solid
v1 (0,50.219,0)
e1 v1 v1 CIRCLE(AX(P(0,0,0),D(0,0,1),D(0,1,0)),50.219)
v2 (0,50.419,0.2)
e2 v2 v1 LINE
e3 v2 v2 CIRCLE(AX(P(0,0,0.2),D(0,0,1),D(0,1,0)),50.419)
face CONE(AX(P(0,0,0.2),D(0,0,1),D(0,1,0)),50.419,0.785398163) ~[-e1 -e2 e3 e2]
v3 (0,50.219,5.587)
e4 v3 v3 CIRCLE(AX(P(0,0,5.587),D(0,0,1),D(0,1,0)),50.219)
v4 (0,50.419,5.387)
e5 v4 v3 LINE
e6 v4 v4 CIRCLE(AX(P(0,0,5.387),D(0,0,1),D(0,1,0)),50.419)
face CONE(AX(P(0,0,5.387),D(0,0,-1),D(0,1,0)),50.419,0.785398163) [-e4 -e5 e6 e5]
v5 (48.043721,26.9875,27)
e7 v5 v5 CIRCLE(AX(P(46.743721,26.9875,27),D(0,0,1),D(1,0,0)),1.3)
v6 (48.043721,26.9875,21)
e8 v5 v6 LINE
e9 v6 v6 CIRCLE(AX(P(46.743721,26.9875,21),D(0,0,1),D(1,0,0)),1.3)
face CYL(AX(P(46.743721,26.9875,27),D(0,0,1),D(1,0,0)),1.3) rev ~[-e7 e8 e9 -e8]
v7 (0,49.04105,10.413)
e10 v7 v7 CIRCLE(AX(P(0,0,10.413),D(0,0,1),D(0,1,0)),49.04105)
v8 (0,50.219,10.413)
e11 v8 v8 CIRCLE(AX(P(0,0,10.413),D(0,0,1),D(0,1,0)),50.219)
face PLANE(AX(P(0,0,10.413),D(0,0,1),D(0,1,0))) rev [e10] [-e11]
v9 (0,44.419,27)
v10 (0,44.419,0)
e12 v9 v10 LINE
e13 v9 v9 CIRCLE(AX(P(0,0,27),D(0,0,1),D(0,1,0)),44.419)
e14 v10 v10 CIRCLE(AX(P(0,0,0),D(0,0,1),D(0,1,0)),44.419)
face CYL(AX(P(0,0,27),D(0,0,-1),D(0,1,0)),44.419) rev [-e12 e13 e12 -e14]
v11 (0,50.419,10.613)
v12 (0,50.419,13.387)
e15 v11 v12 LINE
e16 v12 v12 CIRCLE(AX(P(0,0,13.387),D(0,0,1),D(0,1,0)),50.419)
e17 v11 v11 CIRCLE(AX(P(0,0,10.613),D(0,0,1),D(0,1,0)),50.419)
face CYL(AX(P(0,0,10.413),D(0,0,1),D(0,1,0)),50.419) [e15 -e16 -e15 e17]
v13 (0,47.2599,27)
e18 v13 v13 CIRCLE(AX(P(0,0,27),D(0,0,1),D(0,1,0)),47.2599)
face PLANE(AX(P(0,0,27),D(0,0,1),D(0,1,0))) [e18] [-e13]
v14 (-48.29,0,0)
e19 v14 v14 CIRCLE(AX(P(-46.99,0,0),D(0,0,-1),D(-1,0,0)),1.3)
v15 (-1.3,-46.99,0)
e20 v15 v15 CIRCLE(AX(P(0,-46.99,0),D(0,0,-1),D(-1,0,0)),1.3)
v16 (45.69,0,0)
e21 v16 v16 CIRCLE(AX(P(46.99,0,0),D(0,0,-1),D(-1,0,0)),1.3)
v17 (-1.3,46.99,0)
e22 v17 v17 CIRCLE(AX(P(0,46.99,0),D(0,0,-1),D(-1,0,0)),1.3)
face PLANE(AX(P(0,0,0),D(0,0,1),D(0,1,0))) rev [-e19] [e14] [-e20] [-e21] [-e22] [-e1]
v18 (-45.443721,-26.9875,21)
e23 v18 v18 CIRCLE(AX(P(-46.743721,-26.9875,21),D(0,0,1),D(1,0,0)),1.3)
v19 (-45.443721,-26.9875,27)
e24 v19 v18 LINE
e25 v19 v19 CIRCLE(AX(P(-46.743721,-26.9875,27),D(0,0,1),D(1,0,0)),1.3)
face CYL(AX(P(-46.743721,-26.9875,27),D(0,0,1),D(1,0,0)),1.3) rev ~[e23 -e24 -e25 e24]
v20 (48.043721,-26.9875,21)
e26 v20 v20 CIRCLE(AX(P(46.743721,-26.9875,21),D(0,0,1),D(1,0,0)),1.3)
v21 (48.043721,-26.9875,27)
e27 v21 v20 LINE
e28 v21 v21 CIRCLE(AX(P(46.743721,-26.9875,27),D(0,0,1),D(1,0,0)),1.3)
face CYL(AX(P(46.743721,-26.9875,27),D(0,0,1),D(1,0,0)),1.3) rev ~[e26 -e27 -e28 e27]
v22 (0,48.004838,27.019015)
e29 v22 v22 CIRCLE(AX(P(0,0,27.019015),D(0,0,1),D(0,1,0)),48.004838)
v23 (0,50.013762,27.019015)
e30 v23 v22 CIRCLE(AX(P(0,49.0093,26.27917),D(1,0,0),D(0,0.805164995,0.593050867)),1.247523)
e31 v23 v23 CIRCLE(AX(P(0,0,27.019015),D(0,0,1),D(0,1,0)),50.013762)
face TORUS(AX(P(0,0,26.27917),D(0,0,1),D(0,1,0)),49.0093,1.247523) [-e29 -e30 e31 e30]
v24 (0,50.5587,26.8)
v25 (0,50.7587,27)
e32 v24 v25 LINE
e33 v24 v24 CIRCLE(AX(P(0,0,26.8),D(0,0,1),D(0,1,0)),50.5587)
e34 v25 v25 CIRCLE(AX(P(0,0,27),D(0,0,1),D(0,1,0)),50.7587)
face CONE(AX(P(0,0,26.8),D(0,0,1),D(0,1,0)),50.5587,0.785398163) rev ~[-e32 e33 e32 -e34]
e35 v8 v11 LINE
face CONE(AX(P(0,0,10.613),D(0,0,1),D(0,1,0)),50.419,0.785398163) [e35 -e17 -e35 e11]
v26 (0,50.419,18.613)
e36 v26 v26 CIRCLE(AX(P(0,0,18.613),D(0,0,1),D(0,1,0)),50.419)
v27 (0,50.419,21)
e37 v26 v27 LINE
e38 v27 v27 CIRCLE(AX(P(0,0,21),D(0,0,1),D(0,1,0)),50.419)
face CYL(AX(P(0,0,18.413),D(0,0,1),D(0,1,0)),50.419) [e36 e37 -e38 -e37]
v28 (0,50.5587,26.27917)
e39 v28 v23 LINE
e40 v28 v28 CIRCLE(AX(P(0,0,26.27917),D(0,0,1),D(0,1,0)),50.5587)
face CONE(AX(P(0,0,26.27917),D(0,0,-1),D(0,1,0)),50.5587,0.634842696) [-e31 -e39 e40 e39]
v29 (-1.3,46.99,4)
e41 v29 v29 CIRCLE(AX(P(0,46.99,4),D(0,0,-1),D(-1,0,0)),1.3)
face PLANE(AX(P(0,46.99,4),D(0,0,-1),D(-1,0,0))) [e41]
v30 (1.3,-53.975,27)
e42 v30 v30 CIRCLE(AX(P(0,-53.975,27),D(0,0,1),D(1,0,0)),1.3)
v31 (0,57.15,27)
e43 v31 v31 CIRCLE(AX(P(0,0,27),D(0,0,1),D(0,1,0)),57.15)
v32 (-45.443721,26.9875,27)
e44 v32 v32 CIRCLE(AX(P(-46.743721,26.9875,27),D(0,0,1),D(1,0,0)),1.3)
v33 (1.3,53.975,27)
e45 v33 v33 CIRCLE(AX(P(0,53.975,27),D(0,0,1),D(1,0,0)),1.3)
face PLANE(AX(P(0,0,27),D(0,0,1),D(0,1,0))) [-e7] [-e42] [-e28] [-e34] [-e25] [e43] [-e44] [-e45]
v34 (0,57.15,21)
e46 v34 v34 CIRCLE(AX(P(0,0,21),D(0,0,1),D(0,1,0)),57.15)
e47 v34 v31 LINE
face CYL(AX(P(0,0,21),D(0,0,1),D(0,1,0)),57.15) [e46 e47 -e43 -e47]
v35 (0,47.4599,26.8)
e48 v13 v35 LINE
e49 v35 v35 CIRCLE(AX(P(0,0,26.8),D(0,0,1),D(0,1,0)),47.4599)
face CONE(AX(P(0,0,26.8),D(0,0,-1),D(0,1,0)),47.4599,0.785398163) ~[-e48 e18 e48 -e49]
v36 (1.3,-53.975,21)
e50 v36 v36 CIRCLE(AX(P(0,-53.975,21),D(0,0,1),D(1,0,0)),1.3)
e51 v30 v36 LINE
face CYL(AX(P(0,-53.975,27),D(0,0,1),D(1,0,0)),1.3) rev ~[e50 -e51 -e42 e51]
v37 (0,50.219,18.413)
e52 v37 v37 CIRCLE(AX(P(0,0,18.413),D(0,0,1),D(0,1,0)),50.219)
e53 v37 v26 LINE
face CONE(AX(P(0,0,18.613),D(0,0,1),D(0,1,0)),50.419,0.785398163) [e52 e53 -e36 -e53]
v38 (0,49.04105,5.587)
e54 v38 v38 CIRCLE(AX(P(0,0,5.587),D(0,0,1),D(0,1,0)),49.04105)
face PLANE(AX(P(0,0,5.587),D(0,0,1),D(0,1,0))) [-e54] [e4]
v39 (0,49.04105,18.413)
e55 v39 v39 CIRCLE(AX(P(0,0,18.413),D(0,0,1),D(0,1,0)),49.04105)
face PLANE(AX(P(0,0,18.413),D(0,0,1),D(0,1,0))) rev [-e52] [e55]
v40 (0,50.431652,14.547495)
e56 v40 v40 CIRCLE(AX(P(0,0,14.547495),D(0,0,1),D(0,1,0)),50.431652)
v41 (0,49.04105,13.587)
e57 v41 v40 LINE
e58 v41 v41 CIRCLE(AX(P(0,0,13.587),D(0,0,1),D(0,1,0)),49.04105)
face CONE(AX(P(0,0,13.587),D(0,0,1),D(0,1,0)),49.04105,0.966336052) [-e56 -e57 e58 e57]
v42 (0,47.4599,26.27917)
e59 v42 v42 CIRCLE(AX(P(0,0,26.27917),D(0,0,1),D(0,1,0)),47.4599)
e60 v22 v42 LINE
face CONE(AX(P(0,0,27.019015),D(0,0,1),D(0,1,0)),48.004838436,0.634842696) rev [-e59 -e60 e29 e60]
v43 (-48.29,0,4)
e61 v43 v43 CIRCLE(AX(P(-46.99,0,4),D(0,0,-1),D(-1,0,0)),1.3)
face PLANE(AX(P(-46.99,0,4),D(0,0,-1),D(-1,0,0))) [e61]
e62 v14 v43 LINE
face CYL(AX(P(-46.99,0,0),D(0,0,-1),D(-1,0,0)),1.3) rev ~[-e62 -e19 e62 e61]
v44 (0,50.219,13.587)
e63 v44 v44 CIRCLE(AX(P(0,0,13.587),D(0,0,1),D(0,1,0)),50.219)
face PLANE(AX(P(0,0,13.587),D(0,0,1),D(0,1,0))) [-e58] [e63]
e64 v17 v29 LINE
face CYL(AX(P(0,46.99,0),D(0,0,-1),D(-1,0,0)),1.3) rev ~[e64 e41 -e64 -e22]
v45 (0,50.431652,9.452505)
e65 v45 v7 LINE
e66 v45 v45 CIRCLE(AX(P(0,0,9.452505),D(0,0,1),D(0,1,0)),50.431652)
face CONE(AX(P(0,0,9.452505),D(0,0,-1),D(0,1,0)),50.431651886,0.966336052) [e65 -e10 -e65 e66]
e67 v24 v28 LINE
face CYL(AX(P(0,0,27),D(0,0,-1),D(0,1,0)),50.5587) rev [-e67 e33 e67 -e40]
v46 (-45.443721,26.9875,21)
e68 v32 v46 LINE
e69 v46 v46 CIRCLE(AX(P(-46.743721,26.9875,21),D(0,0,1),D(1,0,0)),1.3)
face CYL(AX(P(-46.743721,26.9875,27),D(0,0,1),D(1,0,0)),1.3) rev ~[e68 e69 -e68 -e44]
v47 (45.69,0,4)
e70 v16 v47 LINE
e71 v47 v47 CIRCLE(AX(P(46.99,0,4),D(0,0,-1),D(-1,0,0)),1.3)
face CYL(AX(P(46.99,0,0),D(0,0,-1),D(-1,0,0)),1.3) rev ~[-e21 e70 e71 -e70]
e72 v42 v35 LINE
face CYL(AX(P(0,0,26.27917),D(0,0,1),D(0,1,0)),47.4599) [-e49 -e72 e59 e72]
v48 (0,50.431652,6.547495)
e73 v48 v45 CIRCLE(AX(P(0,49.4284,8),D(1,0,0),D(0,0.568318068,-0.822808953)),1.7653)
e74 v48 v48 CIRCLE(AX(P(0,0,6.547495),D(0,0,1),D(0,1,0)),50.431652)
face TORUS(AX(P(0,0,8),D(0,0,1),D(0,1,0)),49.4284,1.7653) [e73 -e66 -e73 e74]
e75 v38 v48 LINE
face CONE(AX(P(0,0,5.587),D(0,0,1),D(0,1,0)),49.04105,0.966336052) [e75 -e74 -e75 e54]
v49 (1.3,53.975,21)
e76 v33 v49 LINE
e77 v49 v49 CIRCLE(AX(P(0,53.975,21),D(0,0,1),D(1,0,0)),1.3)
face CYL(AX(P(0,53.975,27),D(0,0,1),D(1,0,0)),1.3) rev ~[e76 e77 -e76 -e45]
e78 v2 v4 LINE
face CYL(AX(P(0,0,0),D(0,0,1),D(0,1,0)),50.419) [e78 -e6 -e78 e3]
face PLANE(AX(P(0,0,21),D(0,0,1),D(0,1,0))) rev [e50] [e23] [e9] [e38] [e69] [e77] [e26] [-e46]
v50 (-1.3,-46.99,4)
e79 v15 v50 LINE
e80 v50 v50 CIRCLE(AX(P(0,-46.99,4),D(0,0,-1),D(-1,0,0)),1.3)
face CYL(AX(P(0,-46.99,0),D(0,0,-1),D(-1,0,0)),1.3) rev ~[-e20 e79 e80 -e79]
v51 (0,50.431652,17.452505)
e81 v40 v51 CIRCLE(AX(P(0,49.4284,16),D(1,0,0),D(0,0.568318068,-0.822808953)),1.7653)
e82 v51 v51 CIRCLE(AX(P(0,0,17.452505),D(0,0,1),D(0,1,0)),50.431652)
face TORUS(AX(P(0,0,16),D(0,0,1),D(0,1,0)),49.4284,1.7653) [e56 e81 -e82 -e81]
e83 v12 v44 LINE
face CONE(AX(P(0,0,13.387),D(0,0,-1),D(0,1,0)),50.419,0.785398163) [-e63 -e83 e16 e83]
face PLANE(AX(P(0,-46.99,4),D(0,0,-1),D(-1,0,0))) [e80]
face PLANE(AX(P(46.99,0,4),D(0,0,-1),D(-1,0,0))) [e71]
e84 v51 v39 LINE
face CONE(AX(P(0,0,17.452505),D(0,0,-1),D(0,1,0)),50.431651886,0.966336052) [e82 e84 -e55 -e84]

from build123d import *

# Parameters (mm, degrees)
SKETCH2_R          = 1.3
CUT_EXTRUDE1_DEPTH = 6
CHAMFER1_SIZE      = 0.2
SKETCH3_R          = 1.3
CUT_EXTRUDE2_DEPTH = 4


with BuildPart() as part:
    # Sketch1 → Revolve1 (revolve)
    with BuildSketch(Plane(origin=(0, 0, 0), x_dir=(0, 0, -1), z_dir=(1, 0, 0))):
        with BuildLine():
            Line((0, 50.419), (-5.587, 50.419))
            Line((-5.587, 50.419), (-5.587, 49.04105))
            Line((-5.587, 49.04105), (-6.547495355, 50.431651886))
            ThreePointArc((-6.547495355, 50.431651886), (-8, 51.1937), (-9.452504645, 50.431651886))
            Line((-9.452504645, 50.431651886), (-10.413, 49.04105))
            Line((-10.413, 49.04105), (-10.413, 50.419))
            Line((-10.413, 50.419), (-13.587, 50.419))
            Line((-13.587, 50.419), (-13.587, 49.04105))
            Line((-13.587, 49.04105), (-14.547495355, 50.431651886))
            ThreePointArc((-14.547495355, 50.431651886), (-16, 51.1937), (-17.452504645, 50.431651886))
            Line((-17.452504645, 50.431651886), (-18.413, 49.04105))
            Line((-18.413, 49.04105), (-18.413, 50.419))
            Line((-18.413, 50.419), (-21, 50.419))
            Line((-21, 50.419), (-21, 57.15))
            Line((-21, 57.15), (-27, 57.15))
            Line((-27, 57.15), (-27, 50.5587))
            Line((-27, 50.5587), (-26.279170235, 50.5587))
            Line((-26.279170235, 50.5587), (-27.01901462, 50.013761564))
            ThreePointArc((-27.01901462, 50.013761564), (-27.526692879, 49.0093), (-27.01901462, 48.004838436))
            Line((-27.01901462, 48.004838436), (-26.279170235, 47.4599))
            Line((-26.279170235, 47.4599), (-27, 47.4599))
            Line((-27, 47.4599), (-27, 44.419))
            Line((-27, 44.419), (0, 44.419))
            Line((0, 44.419), (0, 50.419))
        make_face()
    revolve(axis=Axis((0, 0, 0), (0, 0, 1)))

    # Sketch2 → Cut-Extrude1 (cut)
    with BuildSketch(Plane.XY.offset(27)):
        with Locations((0, 53.975)):
            Circle(SKETCH2_R)
        with Locations((46.743721169, 26.9875)):
            Circle(SKETCH2_R)
        with Locations((46.743721169, -26.9875)):
            Circle(SKETCH2_R)
        with Locations((0, -53.975)):
            Circle(SKETCH2_R)
        with Locations((-46.743721169, -26.9875)):
            Circle(SKETCH2_R)
        with Locations((-46.743721169, 26.9875)):
            Circle(SKETCH2_R)
    extrude(amount=-CUT_EXTRUDE1_DEPTH, mode=Mode.SUBTRACT)

    # Chamfer1
    chamfer1_edges = [part.edges().sort_by_distance(p)[0] for p in [
        (0, -47.4599, 27),
        (0, -50.5587, 27),
        (0, -50.419, 18.413),
        (0, -50.419, 13.587),
        (0, -50.419, 10.413),
        (0, -50.419, 5.587),
        (0, -50.419, 0),
    ]]
    chamfer(chamfer1_edges, length=CHAMFER1_SIZE)

    # Sketch3 → Cut-Extrude2 (cut)
    with BuildSketch(Plane(origin=(0, 0, 0), x_dir=(-1, 0, 0), z_dir=(0, 0, -1))):
        with Locations((-46.99, 0)):
            Circle(SKETCH3_R)
        with Locations((0, 46.99)):
            Circle(SKETCH3_R)
        with Locations((46.99, 0)):
            Circle(SKETCH3_R)
        with Locations((0, -46.99)):
            Circle(SKETCH3_R)
    extrude(amount=-CUT_EXTRUDE2_DEPTH, mode=Mode.SUBTRACT)


solid = part.part
